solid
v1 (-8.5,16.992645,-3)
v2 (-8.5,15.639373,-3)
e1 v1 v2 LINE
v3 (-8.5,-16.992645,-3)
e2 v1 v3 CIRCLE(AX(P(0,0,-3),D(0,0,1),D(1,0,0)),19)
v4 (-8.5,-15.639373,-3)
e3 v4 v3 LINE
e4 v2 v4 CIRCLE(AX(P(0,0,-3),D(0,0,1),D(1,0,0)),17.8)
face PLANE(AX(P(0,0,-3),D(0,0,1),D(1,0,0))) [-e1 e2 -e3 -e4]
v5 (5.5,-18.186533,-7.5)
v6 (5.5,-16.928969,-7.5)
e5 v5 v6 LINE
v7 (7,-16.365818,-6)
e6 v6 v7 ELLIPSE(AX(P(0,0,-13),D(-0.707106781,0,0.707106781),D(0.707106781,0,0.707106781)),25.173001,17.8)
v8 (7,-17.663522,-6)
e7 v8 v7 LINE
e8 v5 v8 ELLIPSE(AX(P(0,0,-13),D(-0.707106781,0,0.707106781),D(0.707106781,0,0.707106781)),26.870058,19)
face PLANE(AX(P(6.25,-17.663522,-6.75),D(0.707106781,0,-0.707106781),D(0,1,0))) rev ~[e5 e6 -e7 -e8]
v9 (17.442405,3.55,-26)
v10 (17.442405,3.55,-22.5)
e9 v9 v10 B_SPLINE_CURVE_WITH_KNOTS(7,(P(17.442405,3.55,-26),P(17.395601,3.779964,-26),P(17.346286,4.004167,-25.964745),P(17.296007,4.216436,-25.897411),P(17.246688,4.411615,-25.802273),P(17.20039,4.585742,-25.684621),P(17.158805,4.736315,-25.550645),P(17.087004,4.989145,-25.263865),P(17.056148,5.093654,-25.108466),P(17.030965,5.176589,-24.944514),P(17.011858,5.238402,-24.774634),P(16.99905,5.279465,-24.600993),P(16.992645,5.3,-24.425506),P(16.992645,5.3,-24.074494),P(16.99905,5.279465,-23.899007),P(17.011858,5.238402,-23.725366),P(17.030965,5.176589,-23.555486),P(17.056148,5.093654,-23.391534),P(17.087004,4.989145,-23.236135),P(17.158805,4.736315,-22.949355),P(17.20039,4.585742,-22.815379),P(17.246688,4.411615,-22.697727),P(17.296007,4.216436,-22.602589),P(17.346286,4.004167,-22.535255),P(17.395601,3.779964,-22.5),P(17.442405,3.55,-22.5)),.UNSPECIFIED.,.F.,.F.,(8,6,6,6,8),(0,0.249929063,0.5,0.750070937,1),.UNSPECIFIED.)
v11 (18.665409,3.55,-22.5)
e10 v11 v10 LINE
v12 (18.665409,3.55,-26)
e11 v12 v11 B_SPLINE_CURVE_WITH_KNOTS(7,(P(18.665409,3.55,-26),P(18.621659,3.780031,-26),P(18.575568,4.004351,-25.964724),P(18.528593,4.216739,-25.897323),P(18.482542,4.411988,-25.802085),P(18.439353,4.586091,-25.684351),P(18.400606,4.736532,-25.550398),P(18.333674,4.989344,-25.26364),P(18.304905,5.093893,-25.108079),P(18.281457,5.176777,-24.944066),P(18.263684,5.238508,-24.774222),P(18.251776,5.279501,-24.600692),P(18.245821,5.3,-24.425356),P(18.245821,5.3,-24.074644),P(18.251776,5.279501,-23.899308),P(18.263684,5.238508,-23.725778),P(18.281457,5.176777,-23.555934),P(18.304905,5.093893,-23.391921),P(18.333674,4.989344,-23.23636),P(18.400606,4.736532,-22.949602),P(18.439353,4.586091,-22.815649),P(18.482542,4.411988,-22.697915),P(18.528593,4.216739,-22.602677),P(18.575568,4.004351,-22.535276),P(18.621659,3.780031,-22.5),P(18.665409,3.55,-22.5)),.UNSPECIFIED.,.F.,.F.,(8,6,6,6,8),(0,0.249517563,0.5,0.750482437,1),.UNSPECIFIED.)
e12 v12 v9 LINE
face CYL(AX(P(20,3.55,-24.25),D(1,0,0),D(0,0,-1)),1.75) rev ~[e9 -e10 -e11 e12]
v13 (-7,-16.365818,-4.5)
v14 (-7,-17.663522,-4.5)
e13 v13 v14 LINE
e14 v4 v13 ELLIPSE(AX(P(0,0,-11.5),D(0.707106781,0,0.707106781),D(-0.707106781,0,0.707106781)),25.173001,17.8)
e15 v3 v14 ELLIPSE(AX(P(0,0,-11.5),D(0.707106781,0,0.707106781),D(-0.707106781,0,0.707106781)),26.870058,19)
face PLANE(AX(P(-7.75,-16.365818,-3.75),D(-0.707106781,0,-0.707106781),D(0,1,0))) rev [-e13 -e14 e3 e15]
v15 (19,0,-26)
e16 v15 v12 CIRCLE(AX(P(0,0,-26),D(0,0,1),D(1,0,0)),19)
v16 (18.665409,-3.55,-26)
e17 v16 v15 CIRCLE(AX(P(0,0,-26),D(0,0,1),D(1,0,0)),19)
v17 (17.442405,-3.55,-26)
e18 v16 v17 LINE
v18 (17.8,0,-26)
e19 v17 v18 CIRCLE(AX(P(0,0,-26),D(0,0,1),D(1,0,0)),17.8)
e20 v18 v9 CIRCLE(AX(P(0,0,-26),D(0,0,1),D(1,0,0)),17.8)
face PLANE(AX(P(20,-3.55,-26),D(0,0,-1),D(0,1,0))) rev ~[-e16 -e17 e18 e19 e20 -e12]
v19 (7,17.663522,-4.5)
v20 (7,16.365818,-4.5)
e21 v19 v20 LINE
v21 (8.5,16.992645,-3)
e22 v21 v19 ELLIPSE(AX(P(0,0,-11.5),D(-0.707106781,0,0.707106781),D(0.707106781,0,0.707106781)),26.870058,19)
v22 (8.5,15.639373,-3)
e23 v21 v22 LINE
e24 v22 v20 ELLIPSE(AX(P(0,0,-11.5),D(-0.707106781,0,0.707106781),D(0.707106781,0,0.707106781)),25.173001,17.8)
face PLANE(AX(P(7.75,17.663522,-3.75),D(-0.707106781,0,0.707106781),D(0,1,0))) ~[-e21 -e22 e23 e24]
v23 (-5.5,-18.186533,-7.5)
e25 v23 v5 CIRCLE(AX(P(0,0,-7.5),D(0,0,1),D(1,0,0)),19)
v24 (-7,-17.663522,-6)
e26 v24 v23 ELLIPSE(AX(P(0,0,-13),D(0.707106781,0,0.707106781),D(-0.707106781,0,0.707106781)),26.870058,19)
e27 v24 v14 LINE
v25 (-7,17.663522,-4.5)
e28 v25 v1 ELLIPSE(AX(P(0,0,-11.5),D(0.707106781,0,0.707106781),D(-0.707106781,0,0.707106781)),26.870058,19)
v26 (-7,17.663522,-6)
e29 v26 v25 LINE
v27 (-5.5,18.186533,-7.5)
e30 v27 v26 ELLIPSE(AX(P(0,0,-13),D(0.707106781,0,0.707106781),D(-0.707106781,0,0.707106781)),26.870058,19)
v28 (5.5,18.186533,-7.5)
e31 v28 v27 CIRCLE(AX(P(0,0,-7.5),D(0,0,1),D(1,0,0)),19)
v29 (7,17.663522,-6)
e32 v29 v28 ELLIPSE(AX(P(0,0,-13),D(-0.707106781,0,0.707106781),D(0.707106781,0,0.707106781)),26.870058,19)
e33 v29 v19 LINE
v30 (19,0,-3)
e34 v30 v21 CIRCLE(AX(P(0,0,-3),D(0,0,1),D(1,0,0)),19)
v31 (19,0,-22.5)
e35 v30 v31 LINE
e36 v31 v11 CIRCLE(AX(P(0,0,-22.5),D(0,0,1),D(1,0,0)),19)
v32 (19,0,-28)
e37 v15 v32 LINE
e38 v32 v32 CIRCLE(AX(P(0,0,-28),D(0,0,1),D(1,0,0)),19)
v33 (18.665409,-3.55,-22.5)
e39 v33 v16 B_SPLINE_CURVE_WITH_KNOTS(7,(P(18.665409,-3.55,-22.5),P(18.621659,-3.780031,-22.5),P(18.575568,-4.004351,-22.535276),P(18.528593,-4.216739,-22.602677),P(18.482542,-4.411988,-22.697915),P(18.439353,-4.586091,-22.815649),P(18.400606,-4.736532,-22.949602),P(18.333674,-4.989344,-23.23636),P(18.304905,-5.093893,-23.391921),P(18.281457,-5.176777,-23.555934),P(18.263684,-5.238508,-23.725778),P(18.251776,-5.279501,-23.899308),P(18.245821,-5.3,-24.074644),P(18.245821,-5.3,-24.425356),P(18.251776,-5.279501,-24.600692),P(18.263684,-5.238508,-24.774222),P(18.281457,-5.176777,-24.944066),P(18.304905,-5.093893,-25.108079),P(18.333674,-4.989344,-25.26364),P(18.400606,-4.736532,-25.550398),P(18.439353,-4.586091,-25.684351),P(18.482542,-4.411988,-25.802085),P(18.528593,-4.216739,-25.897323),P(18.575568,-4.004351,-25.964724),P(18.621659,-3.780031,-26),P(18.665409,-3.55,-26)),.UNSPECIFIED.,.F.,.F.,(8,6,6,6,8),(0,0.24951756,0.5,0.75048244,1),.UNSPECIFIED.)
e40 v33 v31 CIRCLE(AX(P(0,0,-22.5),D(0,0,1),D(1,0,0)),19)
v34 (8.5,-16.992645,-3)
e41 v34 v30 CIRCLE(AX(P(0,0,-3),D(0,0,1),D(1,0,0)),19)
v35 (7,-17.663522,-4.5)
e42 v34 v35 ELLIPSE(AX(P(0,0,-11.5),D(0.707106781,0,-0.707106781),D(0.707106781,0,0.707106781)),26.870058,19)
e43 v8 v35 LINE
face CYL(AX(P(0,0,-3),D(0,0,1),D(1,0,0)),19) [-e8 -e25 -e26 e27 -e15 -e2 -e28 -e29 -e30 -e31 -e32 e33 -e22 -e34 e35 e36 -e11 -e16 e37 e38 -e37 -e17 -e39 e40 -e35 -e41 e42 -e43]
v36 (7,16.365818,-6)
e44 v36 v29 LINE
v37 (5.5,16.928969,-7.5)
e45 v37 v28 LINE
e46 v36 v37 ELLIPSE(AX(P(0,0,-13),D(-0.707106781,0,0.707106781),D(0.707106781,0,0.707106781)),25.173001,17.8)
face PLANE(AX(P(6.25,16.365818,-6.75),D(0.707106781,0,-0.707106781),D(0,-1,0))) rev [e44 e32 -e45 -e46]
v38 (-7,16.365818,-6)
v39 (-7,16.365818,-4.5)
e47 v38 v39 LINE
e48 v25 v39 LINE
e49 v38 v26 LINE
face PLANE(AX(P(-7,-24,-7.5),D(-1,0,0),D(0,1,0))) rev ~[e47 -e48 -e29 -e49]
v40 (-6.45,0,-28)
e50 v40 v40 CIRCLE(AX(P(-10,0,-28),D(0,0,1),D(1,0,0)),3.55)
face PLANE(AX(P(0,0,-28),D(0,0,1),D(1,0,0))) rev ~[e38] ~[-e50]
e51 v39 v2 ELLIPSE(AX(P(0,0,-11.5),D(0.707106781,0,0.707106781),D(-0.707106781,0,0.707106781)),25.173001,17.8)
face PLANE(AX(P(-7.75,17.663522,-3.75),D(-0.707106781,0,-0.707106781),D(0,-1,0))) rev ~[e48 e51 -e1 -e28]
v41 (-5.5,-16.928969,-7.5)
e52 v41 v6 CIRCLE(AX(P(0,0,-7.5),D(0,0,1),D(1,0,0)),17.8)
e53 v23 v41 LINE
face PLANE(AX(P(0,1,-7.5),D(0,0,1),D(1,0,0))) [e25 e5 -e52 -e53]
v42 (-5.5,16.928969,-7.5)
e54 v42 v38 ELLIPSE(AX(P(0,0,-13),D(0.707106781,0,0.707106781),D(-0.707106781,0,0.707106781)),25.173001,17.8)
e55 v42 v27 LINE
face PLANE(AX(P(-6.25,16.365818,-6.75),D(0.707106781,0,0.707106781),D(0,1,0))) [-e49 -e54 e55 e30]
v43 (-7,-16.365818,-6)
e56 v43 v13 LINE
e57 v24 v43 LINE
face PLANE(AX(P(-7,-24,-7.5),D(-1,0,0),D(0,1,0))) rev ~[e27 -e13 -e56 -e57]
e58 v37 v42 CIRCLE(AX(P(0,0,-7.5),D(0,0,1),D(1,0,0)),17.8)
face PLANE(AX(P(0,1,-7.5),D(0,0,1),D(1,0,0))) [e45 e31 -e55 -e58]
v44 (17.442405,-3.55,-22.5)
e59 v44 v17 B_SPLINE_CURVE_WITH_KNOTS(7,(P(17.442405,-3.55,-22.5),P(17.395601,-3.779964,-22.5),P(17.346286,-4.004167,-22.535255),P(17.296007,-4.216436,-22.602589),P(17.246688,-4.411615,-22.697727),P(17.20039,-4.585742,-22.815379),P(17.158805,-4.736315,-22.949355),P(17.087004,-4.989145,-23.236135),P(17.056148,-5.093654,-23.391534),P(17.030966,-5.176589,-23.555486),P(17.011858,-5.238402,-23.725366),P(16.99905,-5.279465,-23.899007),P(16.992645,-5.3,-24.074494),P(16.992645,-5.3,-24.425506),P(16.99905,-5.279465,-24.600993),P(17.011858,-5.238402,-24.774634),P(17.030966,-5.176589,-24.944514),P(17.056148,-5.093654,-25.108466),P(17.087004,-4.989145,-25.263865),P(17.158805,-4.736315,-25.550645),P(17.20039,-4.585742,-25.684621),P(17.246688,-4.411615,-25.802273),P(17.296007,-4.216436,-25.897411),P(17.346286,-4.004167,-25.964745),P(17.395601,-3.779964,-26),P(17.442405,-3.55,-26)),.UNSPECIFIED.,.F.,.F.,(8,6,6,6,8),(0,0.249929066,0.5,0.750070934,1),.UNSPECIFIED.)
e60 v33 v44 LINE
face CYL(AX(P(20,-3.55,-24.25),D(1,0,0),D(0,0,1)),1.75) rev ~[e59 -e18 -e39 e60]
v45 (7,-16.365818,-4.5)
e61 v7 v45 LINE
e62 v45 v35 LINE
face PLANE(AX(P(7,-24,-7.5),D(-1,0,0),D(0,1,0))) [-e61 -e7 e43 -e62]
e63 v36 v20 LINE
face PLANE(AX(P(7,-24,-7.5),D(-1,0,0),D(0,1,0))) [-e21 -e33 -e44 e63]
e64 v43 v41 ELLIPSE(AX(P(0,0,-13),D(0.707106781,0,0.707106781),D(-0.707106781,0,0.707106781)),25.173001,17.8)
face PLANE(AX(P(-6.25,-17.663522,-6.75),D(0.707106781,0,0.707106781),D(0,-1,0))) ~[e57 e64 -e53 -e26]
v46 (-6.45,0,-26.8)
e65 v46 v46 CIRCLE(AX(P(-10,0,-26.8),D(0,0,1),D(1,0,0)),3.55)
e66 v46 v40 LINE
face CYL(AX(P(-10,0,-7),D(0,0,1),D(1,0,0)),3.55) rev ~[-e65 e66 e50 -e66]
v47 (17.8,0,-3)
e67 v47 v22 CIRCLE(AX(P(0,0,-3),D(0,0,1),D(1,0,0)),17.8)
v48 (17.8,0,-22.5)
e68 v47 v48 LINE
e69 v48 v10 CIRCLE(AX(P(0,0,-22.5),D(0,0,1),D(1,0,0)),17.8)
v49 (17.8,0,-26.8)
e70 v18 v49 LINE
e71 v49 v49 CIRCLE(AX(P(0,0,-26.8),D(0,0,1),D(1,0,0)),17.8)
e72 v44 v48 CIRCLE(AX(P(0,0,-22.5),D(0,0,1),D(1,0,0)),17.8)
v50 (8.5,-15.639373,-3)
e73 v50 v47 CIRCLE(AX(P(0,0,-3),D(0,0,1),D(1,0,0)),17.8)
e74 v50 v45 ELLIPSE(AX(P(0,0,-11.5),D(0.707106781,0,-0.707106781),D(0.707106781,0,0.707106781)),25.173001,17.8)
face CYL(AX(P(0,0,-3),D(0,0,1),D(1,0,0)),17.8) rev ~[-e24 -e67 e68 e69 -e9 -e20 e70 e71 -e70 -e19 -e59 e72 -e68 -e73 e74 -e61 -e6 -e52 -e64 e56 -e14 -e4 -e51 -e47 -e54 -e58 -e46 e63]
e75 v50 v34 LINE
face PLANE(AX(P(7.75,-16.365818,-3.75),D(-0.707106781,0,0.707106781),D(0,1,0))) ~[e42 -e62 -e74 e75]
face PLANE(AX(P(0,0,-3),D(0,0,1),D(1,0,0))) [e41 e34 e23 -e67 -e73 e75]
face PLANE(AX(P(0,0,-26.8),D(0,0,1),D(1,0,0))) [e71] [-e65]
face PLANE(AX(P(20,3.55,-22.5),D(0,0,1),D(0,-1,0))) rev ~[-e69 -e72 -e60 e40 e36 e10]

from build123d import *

# Parameters (mm, degrees)
SKETCH010_R     = 19
PAD007_DEPTH    = 25
THICKNESS001_T  = -1.2
BOX001_W        = 14
BOX001_H        = 50
BOX001_DEPTH    = 10
CHAMFER002_SIZE = 1.5
SKETCH012_R     = 3.55
POCKET_DEPTH    = 23
POCKET002_DEPTH = 27


with BuildPart() as part:
    # Sketch010 → Pad007 (new body)
    with BuildSketch(Plane.XY):
        Circle(SKETCH010_R)
    extrude(amount=-PAD007_DEPTH)

    # Thickness001
    thickness001_openings = [part.faces().sort_by_distance(p)[0] for p in [
        (0, 0, 0),
    ]]
    offset(amount=THICKNESS001_T, openings=thickness001_openings)

    # Box001 → Box001 (cut)
    with BuildSketch(Plane(origin=(-7, -24, -4.5), x_dir=(1, 0, 0), z_dir=(0, 0, 1))):
        with Locations((7, 25)):
            Rectangle(BOX001_W, BOX001_H)
    extrude(amount=BOX001_DEPTH, mode=Mode.SUBTRACT)

    # Chamfer002
    chamfer002_edges = [part.edges().sort_by_distance(p)[0] for p in [
        (7, 17.01467, -4.5),
        (7, 17.01467, 0),
        (7, -17.01467, -4.5),
        (7, -17.01467, 0),
        (-7, -17.01467, -4.5),
        (-7, -17.01467, 0),
        (-7, 17.01467, -4.5),
        (-7, 17.01467, 0),
    ]]
    chamfer(chamfer002_edges, length=CHAMFER002_SIZE)

    # Sketch012 → Pocket (cut)
    with BuildSketch(Plane.XY.offset(-4)):
        with Locations((-10, 0)):
            Circle(SKETCH012_R)
    extrude(amount=-POCKET_DEPTH, mode=Mode.SUBTRACT)

    # Sketch013 → Pocket002 (cut)
    with BuildSketch(Plane.YZ.offset(20)):
        with BuildLine():
            ThreePointArc((-3.55, -19.5), (-5.3, -21.25), (-3.55, -23))
            Line((-3.55, -23), (3.55, -23))
            ThreePointArc((3.55, -23), (5.3, -21.25), (3.55, -19.5))
            Line((3.55, -19.5), (-3.55, -19.5))
        make_face()
    extrude(amount=-POCKET002_DEPTH, mode=Mode.SUBTRACT)


with BuildPart() as part_1:
    # Body006 placement: moved
    add(part.part.moved(Location((0, 0, -3))))


solid = part_1.part
